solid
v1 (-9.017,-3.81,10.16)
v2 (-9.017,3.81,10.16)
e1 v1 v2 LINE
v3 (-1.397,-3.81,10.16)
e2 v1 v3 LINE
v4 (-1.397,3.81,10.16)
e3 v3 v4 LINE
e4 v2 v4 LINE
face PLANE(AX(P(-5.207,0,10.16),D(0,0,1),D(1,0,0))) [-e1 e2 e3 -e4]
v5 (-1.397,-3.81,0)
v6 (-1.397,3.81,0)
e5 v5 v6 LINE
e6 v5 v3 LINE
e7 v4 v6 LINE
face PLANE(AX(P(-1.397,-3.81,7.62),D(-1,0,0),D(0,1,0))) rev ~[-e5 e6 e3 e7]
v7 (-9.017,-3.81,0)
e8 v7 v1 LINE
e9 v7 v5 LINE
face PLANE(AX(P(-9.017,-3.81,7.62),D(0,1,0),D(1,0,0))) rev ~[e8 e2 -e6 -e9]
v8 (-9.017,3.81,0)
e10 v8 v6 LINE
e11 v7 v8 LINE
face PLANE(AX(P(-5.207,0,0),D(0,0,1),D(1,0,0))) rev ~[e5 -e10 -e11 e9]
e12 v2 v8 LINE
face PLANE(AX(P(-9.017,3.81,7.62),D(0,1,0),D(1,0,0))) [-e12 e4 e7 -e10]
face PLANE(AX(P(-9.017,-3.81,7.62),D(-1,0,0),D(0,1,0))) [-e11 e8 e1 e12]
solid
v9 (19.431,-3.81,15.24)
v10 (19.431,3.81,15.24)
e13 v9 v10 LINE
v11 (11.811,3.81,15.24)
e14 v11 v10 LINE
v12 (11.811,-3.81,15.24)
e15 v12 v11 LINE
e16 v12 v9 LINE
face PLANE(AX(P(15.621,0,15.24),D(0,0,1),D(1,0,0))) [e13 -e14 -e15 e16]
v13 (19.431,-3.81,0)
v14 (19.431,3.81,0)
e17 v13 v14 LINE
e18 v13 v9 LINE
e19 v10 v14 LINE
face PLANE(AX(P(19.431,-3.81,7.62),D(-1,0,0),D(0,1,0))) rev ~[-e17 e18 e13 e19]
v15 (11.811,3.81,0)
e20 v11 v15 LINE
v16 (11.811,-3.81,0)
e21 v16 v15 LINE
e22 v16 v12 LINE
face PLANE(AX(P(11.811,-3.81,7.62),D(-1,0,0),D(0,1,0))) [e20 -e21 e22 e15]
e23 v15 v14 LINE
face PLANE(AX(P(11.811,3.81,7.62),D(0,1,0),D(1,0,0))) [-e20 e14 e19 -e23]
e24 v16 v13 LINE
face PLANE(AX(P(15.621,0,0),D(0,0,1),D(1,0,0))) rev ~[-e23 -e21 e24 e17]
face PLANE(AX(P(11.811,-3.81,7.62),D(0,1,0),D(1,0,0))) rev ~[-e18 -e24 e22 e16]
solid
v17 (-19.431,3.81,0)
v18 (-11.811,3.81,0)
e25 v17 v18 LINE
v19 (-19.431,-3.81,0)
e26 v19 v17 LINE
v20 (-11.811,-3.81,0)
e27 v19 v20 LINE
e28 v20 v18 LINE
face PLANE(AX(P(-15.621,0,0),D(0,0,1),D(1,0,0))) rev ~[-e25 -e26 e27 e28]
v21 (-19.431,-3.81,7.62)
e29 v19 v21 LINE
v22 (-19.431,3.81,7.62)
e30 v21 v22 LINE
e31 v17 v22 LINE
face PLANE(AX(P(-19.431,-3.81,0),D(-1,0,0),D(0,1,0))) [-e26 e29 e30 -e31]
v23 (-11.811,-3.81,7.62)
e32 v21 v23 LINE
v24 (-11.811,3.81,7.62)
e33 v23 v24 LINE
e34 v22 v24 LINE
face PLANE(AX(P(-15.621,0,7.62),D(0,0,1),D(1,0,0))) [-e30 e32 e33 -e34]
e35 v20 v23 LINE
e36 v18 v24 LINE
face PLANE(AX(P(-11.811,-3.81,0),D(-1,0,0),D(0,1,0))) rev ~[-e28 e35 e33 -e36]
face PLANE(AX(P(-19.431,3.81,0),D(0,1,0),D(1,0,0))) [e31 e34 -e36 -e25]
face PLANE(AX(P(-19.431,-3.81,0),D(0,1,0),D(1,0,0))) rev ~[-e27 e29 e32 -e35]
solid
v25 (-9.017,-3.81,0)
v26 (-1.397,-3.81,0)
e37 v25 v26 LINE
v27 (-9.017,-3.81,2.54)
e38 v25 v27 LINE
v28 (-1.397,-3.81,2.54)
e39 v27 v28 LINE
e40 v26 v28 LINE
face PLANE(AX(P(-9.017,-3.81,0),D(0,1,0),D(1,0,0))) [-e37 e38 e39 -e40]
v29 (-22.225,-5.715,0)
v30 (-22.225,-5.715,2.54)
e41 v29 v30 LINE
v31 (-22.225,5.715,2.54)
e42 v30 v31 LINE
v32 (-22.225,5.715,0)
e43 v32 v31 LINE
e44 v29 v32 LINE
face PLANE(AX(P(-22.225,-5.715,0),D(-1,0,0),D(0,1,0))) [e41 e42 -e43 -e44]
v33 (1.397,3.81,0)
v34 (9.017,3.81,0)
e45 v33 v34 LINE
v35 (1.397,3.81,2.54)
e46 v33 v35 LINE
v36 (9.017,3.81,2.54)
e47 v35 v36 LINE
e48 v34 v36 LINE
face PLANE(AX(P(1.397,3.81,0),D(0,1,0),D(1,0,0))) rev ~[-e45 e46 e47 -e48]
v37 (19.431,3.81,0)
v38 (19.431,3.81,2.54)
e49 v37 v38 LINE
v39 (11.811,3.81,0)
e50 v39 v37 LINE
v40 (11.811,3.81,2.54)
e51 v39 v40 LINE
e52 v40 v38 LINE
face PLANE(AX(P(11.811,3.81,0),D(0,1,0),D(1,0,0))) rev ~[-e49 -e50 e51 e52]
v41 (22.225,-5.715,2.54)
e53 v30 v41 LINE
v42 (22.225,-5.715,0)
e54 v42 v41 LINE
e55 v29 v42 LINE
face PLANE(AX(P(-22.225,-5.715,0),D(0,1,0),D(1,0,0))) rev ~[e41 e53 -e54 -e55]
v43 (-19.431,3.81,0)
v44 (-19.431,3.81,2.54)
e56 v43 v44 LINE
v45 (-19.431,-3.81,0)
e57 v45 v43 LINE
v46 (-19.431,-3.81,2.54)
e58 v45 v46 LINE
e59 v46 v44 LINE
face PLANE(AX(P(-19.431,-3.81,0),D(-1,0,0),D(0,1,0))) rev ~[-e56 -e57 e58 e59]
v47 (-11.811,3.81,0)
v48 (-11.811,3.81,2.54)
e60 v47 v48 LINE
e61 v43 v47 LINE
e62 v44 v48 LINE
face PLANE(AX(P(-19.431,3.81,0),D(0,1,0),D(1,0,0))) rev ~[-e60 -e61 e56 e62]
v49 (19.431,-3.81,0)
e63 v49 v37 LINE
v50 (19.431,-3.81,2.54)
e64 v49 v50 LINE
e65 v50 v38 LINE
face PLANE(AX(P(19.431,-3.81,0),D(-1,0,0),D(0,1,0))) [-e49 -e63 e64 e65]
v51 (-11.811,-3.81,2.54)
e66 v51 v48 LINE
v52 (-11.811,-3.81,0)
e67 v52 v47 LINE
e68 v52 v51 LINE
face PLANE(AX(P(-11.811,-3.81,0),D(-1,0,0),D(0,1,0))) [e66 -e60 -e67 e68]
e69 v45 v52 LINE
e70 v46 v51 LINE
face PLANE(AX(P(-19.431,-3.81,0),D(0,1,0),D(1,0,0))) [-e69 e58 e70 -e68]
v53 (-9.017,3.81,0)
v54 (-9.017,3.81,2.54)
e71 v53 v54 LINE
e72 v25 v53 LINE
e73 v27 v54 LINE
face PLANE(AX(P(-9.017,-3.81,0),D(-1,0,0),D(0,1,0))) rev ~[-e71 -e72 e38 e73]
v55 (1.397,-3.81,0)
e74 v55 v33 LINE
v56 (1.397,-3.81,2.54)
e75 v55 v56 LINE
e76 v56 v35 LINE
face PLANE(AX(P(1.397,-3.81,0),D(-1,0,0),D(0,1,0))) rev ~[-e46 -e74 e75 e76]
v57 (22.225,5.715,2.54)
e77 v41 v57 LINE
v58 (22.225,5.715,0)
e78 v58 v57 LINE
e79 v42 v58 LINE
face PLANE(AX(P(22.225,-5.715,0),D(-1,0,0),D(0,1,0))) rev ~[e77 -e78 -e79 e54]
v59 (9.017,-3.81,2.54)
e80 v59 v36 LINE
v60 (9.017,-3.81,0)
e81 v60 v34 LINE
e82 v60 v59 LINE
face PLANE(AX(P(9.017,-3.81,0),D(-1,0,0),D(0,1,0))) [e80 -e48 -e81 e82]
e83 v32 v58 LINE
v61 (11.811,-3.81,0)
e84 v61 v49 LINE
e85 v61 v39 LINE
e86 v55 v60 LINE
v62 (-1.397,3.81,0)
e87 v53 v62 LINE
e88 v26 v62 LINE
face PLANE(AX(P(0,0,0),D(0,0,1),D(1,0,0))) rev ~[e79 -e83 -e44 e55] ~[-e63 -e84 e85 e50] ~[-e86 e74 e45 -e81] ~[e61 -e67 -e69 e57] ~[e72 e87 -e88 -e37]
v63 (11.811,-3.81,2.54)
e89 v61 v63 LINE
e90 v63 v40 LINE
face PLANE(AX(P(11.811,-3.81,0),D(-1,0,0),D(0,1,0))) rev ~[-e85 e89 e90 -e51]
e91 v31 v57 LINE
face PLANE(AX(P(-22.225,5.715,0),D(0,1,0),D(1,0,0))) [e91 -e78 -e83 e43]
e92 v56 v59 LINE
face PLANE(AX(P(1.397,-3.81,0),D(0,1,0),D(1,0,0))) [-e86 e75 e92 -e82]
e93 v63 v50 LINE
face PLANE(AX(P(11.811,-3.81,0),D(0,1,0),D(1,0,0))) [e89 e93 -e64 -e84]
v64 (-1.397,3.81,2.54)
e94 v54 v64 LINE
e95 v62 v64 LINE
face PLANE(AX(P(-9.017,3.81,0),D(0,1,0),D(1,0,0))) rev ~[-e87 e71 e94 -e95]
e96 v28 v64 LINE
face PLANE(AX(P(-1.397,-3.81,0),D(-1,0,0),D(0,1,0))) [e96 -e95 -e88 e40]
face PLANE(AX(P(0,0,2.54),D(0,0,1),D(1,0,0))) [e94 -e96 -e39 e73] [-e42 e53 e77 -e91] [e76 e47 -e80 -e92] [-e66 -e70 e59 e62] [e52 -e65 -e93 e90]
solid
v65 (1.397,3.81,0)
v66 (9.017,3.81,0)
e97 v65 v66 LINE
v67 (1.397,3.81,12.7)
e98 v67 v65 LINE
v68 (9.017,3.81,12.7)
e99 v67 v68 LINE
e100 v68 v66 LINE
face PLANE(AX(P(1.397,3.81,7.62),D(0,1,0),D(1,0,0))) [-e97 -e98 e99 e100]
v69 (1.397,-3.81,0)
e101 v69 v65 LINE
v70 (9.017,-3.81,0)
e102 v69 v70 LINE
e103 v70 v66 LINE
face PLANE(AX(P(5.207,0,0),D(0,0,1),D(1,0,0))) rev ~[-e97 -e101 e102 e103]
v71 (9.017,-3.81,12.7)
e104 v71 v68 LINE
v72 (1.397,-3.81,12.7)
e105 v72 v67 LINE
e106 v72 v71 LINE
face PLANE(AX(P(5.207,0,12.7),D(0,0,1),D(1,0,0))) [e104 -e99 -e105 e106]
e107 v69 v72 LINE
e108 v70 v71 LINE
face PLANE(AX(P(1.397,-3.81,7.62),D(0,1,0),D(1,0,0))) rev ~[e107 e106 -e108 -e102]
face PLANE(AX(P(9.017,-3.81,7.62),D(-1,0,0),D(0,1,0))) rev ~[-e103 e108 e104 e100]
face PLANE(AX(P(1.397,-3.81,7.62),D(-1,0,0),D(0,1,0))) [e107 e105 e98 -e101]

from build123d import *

# Parameters (mm, degrees)
F0_W     = 7.62
F0_H     = 7.62
F1_DEPTH = 7.62
F2_DEPTH = 2.54
F3_DEPTH = 5.08
F4_DEPTH = 7.62
F0_W_2   = 44.45
F0_H_2   = 11.43
F5_DEPTH = 2.54


with BuildPart() as f1:
    # F0 (on Top) → F1 (new body)
    with BuildSketch(Plane.XY):
        with Locations((-5.207, 0)):
            Rectangle(F0_W, F0_H)
    extrude(amount=F1_DEPTH)

    # F2 (add): a face of the model
    f2_faces = [f1.faces().sort_by_distance(p)[0] for p in [
        (-5.207, 0, 7.62),
    ]]
    extrude(f2_faces, amount=F2_DEPTH)


with BuildPart() as f1b:
    # F0 (on Top) → F1, piece 2 (new body)
    with BuildSketch(Plane.XY):
        with Locations((-15.621, 0)):
            Rectangle(F0_W, F0_H)
    extrude(amount=F1_DEPTH)


with BuildPart() as f1c:
    # F0 (on Top) → F1, piece 3 (new body)
    with BuildSketch(Plane.XY):
        with Locations((5.207, 0)):
            Rectangle(F0_W, F0_H)
    extrude(amount=F1_DEPTH)

    # F3 (add): a face of the model
    f3_faces = [f1c.faces().sort_by_distance(p)[0] for p in [
        (5.207, 0, 7.62),
    ]]
    extrude(f3_faces, amount=F3_DEPTH)


with BuildPart() as f1d:
    # F0 (on Top) → F1, piece 4 (new body)
    with BuildSketch(Plane.XY):
        with Locations((15.621, 0)):
            Rectangle(F0_W, F0_H)
    extrude(amount=F1_DEPTH)

    # F4 (add): a face of the model
    f4_faces = [f1d.faces().sort_by_distance(p)[0] for p in [
        (15.621, 0, 7.62),
    ]]
    extrude(f4_faces, amount=F4_DEPTH)


with BuildPart() as f5:
    # F0 (on Top) → F5 (new body)
    with BuildSketch(Plane.XY):
        Rectangle(F0_W_2, F0_H_2)
        with Locations((-15.621, 0)):
            Rectangle(F0_W, F0_H, mode=Mode.SUBTRACT)
        with Locations((-5.207, 0)):
            Rectangle(F0_W, F0_H, mode=Mode.SUBTRACT)
        with Locations((5.207, 0)):
            Rectangle(F0_W, F0_H, mode=Mode.SUBTRACT)
        with Locations((15.621, 0)):
            Rectangle(F0_W, F0_H, mode=Mode.SUBTRACT)
    extrude(amount=F5_DEPTH)


solid = Compound([f1.part, f1b.part, f1c.part, f1d.part, f5.part])
